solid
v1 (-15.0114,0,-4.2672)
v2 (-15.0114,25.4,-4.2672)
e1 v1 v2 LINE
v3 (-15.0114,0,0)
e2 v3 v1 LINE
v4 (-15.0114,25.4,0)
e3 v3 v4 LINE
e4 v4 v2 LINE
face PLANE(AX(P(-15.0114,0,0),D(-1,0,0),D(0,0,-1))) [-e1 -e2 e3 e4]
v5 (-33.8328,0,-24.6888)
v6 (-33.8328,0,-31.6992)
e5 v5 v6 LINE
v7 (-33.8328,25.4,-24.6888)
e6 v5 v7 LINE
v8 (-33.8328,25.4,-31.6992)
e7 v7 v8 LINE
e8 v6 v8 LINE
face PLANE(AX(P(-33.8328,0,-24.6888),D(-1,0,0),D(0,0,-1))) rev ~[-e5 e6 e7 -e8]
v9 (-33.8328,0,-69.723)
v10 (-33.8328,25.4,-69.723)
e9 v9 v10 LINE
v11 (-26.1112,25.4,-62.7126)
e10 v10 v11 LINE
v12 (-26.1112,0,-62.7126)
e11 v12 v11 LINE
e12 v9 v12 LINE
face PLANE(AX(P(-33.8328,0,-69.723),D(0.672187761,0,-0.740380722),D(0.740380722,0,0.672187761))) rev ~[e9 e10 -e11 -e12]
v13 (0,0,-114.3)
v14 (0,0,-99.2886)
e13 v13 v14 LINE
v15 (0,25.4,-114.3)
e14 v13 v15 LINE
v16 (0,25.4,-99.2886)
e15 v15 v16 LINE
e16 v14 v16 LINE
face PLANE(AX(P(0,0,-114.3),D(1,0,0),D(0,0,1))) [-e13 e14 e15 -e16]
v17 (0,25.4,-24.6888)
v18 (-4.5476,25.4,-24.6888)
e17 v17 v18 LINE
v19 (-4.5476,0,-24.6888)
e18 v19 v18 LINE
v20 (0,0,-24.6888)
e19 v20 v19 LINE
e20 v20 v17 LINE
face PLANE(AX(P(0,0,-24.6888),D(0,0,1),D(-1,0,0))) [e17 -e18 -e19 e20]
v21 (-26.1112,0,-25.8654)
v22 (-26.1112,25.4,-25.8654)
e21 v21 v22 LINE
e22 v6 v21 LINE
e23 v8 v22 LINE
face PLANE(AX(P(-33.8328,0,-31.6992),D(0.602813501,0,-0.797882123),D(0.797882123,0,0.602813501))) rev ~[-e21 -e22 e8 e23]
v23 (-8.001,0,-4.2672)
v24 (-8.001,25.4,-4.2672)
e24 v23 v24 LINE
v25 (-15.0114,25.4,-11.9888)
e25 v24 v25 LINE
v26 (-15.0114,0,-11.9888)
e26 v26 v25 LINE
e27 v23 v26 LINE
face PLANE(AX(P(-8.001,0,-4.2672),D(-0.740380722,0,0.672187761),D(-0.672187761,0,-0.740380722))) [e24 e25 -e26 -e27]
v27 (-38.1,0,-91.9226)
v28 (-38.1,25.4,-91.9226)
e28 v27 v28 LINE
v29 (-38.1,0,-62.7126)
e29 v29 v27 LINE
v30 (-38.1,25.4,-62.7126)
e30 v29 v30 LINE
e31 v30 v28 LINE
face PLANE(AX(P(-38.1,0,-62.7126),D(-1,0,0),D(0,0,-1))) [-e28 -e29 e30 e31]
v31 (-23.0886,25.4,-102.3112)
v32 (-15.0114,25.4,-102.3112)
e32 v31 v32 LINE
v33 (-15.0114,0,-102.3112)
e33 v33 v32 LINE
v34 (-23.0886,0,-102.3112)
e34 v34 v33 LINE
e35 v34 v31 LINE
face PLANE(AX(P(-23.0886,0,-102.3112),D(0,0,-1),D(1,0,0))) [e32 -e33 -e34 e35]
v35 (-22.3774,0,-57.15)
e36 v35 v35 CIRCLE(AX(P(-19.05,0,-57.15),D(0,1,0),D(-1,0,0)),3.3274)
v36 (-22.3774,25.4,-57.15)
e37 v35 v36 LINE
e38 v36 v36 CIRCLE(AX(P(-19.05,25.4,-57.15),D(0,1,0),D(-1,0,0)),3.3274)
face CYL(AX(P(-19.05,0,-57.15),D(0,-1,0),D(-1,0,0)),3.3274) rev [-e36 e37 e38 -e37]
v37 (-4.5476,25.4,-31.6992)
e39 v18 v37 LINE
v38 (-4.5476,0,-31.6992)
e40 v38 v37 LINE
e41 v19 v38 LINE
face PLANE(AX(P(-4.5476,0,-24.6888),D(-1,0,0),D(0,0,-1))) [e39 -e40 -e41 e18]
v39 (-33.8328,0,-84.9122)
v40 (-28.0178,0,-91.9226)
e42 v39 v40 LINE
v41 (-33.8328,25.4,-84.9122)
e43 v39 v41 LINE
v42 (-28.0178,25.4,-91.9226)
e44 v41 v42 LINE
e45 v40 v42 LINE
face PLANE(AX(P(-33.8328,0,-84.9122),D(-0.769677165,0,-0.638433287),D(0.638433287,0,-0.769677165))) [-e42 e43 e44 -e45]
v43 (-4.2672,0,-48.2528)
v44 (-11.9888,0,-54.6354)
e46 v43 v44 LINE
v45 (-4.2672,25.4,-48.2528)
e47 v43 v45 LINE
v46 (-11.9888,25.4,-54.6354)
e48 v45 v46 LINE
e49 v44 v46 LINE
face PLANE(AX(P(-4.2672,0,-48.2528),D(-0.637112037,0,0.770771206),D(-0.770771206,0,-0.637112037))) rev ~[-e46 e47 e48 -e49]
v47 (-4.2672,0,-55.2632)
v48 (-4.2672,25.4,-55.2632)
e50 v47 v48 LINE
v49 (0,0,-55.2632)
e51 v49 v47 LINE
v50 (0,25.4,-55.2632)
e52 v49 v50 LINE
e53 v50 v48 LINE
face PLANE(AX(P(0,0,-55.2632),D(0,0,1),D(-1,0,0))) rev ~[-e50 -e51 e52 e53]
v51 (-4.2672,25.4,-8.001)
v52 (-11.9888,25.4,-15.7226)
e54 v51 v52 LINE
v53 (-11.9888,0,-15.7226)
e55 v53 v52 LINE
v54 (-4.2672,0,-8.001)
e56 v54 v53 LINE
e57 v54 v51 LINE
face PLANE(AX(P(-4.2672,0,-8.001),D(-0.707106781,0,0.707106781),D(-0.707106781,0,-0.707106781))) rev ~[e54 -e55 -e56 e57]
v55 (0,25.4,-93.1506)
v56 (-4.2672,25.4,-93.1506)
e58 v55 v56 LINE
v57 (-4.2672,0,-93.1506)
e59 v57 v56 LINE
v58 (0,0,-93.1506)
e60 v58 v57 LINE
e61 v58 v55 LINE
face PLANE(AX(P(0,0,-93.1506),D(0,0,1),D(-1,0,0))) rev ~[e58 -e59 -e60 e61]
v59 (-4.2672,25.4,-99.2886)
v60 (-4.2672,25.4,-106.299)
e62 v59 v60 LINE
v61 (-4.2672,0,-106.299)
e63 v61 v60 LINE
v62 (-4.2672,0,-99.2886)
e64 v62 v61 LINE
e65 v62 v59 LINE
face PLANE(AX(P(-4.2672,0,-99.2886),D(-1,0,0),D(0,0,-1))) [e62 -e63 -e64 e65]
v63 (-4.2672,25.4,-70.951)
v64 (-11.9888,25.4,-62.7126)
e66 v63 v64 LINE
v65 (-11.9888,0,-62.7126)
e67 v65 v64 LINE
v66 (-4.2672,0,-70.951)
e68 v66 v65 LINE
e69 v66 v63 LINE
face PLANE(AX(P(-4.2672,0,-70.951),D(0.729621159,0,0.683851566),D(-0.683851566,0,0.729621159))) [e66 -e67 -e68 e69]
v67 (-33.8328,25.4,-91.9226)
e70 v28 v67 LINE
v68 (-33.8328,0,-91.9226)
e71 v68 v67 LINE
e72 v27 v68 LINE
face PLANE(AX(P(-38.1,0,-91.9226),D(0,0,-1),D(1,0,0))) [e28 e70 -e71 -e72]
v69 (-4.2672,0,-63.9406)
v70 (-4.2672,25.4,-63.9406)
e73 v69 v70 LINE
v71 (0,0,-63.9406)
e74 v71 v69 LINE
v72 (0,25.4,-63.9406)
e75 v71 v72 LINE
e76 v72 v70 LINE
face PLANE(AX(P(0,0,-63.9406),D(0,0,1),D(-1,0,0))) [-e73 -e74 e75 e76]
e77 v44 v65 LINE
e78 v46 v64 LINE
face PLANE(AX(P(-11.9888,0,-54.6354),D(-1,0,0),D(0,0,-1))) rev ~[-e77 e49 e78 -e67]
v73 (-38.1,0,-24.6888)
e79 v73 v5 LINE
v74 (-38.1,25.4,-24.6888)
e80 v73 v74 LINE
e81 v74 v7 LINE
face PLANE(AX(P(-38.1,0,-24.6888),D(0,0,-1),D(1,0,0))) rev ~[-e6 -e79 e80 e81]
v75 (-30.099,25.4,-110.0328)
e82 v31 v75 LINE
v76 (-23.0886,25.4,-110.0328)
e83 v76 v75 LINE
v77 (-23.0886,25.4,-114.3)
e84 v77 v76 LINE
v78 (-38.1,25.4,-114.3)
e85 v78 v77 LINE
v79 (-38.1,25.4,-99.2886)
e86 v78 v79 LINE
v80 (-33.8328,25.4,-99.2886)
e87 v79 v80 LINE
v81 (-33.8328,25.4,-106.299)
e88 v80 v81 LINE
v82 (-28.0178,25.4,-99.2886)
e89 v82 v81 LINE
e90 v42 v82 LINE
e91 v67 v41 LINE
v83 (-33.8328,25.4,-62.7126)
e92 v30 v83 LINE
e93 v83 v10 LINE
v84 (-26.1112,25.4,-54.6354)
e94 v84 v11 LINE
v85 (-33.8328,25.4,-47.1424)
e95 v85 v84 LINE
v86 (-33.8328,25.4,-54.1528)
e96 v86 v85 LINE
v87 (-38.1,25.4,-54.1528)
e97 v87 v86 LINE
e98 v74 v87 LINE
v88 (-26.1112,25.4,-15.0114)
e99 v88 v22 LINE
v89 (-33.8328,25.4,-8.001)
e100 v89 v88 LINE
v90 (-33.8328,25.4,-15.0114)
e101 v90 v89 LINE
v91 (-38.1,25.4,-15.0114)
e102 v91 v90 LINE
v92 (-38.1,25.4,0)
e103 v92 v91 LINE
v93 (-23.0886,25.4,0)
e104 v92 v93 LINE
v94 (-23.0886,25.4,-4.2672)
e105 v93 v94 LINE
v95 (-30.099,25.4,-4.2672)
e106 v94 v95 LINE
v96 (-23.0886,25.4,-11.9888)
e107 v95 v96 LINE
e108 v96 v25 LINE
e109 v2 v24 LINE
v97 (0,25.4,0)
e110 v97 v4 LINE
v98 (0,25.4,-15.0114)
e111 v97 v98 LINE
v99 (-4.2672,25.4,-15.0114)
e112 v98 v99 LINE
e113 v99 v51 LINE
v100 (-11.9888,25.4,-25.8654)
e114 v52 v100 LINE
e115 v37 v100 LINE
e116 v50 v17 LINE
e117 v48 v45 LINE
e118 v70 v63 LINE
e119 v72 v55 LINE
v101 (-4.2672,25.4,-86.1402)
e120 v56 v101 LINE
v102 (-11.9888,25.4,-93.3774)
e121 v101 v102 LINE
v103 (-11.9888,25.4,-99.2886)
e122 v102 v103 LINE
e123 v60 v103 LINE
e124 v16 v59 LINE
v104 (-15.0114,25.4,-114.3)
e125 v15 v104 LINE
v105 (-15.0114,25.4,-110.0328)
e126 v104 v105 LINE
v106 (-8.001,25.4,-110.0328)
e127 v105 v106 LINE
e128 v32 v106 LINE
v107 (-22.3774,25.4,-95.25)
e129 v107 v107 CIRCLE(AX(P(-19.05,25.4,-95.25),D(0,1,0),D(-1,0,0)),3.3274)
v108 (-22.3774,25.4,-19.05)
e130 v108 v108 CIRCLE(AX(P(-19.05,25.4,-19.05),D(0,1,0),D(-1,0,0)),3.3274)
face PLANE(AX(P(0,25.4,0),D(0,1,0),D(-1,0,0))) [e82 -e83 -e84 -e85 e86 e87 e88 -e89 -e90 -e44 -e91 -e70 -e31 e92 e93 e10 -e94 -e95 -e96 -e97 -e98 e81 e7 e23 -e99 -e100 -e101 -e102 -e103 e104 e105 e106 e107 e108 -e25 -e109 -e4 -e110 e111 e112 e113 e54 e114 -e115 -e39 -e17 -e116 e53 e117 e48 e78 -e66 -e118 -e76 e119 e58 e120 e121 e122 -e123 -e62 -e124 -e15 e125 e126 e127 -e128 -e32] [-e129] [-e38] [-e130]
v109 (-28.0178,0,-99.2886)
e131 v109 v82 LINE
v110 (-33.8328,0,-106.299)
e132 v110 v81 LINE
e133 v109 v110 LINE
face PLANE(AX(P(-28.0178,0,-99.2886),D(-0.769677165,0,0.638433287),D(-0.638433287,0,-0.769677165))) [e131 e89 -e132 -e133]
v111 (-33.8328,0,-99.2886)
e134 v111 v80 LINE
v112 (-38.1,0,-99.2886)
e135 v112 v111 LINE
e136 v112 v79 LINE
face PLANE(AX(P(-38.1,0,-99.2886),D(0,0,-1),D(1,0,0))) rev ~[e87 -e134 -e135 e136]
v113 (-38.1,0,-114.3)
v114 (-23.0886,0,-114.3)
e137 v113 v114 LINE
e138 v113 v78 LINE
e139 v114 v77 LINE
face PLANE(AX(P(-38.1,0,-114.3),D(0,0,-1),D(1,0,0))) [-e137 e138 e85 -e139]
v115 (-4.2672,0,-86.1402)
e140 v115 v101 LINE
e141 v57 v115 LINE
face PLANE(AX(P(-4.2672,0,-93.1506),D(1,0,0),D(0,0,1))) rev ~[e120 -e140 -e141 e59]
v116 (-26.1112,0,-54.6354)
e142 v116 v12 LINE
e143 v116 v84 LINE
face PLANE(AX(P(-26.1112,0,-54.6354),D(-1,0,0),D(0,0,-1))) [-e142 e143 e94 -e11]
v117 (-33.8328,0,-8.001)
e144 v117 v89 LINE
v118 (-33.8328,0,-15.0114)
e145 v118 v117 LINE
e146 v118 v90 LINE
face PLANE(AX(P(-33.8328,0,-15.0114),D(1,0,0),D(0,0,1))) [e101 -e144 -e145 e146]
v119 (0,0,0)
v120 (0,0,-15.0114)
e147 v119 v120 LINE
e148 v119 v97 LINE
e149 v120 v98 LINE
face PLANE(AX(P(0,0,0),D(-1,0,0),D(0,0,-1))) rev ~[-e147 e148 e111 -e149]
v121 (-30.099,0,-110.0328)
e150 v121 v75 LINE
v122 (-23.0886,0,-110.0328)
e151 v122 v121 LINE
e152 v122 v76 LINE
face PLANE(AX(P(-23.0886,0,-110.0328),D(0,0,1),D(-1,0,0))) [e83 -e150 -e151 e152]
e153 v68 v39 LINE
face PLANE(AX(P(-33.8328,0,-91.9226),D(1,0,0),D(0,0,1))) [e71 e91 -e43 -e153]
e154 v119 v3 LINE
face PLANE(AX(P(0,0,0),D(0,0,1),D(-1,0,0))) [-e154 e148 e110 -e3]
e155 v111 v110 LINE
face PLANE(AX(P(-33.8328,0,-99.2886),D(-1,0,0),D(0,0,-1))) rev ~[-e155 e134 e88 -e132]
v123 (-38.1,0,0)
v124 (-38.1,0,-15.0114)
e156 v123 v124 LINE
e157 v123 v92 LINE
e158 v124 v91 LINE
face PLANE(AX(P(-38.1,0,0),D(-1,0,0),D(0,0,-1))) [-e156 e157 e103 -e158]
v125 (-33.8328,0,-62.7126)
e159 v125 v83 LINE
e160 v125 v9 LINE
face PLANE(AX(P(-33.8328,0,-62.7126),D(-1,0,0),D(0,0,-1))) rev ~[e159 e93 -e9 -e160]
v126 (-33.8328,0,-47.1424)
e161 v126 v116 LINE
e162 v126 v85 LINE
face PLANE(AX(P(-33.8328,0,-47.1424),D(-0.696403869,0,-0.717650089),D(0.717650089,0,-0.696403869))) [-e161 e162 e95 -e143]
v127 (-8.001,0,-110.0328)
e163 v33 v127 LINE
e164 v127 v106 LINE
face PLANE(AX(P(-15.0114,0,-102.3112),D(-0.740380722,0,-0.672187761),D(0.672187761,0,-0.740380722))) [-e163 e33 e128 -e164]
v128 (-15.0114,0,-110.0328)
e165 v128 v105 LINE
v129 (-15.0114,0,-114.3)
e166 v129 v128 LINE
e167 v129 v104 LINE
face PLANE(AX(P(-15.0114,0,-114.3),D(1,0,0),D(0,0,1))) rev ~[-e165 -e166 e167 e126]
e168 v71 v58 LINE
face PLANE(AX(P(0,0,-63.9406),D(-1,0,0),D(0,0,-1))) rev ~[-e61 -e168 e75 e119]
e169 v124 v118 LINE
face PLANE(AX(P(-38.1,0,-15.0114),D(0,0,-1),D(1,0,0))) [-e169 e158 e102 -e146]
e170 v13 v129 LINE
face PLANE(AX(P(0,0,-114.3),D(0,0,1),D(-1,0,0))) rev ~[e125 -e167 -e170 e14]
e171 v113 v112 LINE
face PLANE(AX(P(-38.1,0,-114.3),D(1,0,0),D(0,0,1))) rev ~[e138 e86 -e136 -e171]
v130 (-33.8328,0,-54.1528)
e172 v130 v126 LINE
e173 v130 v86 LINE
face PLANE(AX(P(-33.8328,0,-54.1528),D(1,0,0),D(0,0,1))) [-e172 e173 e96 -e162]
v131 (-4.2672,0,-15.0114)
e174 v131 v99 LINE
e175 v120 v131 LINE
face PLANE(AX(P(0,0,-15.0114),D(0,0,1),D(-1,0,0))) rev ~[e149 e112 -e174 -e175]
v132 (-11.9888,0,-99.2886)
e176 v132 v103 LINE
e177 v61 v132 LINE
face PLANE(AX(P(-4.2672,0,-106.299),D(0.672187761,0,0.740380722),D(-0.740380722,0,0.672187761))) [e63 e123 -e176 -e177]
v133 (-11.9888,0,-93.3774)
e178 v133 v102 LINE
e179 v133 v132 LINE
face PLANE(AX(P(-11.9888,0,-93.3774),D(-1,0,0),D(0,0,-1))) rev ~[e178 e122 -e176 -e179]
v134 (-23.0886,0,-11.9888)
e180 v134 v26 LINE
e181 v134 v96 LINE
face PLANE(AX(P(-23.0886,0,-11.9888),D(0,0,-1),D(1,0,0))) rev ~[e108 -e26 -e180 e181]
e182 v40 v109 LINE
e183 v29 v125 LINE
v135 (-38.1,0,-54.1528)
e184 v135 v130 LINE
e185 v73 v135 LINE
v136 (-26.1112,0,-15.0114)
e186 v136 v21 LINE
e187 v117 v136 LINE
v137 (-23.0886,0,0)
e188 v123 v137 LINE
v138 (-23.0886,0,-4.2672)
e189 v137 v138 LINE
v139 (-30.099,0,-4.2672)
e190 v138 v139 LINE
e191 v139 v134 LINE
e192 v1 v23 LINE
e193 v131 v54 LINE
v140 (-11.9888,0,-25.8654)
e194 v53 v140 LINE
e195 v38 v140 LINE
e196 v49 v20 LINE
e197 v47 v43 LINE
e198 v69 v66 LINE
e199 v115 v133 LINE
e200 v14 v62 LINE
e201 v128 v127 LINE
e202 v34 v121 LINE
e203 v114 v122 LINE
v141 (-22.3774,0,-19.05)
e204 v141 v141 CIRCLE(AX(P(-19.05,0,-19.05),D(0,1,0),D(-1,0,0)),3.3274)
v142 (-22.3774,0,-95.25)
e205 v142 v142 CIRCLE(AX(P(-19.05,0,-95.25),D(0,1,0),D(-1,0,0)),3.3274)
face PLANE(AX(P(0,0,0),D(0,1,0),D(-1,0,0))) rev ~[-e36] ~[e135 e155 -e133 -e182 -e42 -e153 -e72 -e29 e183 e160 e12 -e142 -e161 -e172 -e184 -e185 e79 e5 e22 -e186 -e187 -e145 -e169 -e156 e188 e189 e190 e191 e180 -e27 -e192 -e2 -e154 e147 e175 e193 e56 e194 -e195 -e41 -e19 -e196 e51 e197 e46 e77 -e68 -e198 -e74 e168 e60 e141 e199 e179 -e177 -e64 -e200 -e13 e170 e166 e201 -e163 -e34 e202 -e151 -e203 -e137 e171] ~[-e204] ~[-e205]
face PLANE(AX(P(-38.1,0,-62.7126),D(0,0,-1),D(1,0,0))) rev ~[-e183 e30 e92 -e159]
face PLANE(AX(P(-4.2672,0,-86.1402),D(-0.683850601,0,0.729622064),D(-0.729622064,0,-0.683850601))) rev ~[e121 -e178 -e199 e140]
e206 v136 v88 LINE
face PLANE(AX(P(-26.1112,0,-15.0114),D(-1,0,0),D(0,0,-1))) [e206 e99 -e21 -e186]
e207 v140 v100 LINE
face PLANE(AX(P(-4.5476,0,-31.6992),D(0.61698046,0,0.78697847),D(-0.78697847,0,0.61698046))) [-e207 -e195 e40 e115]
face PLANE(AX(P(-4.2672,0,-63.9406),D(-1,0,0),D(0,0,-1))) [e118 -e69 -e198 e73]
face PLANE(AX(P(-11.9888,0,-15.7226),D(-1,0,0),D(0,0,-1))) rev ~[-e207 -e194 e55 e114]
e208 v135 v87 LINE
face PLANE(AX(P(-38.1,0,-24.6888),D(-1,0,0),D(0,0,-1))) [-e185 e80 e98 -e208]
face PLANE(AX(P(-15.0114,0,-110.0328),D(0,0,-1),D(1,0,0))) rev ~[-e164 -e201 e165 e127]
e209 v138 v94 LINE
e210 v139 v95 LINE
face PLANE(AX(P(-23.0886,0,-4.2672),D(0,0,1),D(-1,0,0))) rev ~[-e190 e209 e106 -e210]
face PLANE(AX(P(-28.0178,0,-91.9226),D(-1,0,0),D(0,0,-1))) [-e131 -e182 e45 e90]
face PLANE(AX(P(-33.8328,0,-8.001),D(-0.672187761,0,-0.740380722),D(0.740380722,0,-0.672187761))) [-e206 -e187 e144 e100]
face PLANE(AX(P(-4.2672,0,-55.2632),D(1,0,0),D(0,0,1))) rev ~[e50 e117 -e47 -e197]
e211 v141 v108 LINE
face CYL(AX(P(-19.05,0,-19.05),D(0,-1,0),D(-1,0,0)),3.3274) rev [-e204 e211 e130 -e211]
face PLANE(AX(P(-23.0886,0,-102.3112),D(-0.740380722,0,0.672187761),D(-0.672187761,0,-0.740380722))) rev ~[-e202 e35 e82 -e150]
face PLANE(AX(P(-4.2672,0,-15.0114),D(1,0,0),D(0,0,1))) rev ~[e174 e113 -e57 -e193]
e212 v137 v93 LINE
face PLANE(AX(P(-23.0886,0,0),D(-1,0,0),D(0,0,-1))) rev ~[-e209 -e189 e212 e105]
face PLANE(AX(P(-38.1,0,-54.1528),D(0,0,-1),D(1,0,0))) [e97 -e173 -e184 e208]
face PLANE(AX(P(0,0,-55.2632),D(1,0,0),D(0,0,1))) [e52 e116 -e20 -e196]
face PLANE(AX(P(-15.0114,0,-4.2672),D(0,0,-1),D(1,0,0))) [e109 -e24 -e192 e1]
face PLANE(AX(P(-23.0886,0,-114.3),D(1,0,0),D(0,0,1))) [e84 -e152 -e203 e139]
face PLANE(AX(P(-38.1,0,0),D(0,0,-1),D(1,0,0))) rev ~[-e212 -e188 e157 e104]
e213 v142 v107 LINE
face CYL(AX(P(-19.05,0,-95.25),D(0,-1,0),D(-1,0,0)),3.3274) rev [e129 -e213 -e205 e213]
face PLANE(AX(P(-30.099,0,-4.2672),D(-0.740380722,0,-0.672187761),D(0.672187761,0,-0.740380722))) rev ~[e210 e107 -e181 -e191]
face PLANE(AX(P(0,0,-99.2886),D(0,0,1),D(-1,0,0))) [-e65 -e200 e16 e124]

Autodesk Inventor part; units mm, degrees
ref_plane "YZ Plane" through (0, 0, 0) normal (1, 0, 0) x (0, 1, 0)
ref_plane "XZ Plane" through (0, 0, 0) normal (0, 1, 0) x (-1, 0, 0)
ref_plane "XY Plane" through (0, 0, 0) normal (0, 0, 1) x (1, 0, 0)
sketch "Sketch1" plane through (0, 0, 0) normal (0, 1, 0) x (-1, 0, 0)
  circle A0 centre (19.05, -19.05) radius 3.3274
  circle A1 centre (19.05, -57.15) radius 3.3274
  circle A2 centre (19.05, -95.25) radius 3.3274
  line L0 (0, 0) -> (15.0114, 0)
  line L1 (15.0114, 0) -> (15.0114, -4.2672)
  line L2 (15.0114, -4.2672) -> (8.001, -4.2672)
  line L3 (38.1, 0) -> (23.0886, 0)
  line L4 (23.0886, 0) -> (23.0886, -4.2672)
  line L5 (23.0886, -4.2672) -> (30.099, -4.2672)
  line L6 (8.001, -4.2672) -> (15.0114, -11.9888)
  line L7 (30.099, -4.2672) -> (23.0886, -11.9888)
  line L8 (23.0886, -11.9888) -> (15.0114, -11.9888)
  line L9 (38.1, 0) -> (38.1, -15.0114)
  line L10 (38.1, -15.0114) -> (33.8328, -15.0114)
  line L11 (33.8328, -15.0114) -> (33.8328, -8.001)
  line L12 (26.1112, -15.0114) -> (26.1112, -25.8654)
  line L13 (33.8328, -8.001) -> (26.1112, -15.0114)
  line L14 (38.1, -24.6888) -> (33.8328, -24.6888)
  line L15 (33.8328, -24.6888) -> (33.8328, -31.6992)
  line L16 (33.8328, -31.6992) -> (26.1112, -25.8654)
  line L17 (38.1, -114.3) -> (38.1, -99.2886)
  line L18 (38.1, -99.2886) -> (33.8328, -99.2886)
  line L19 (33.8328, -99.2886) -> (33.8328, -106.299)
  line L20 (38.1, -114.3) -> (23.0886, -114.3)
  line L21 (23.0886, -114.3) -> (23.0886, -110.0328)
  line L22 (23.0886, -110.0328) -> (30.099, -110.0328)
  line L23 (0, -114.3) -> (15.0114, -114.3)
  line L24 (15.0114, -114.3) -> (15.0114, -110.0328)
  line L25 (15.0114, -110.0328) -> (8.001, -110.0328)
  line L26 (23.0886, -102.3112) -> (15.0114, -102.3112)
  line L27 (23.0886, -102.3112) -> (30.099, -110.0328)
  line L28 (15.0114, -102.3112) -> (8.001, -110.0328)
  line L29 (38.1, -24.6888) -> (38.1, -54.1528)
  line L30 (38.1, -54.1528) -> (33.8328, -54.1528)
  line L31 (33.8328, -54.1528) -> (33.8328, -47.1424)
  line L32 (26.1112, -54.6354) -> (26.1112, -62.7126)
  line L33 (33.8328, -47.1424) -> (26.1112, -54.6354)
  line L34 (38.1, -62.7126) -> (33.8328, -62.7126)
  line L35 (33.8328, -62.7126) -> (33.8328, -69.723)
  line L36 (33.8328, -69.723) -> (26.1112, -62.7126)
  line L37 (38.1, -91.9226) -> (33.8328, -91.9226)
  line L38 (33.8328, -91.9226) -> (33.8328, -84.9122)
  line L39 (38.1, -62.7126) -> (38.1, -91.9226)
  line L40 (28.0178, -91.9226) -> (28.0178, -99.2886)
  line L41 (28.0178, -99.2886) -> (33.8328, -106.299)
  line L42 (33.8328, -84.9122) -> (28.0178, -91.9226)
  line L43 (11.9888, -54.6354) -> (11.9888, -62.7126)
  line L44 (11.9888, -93.3774) -> (11.9888, -99.2886)
  line L45 (0, 0) -> (0, -15.0114)
  line L46 (0, -15.0114) -> (4.2672, -15.0114)
  line L47 (4.2672, -15.0114) -> (4.2672, -8.001)
  line L48 (11.9888, -15.7226) -> (11.9888, -25.8654)
  line L49 (4.2672, -8.001) -> (11.9888, -15.7226)
  line L50 (0, -114.3) -> (0, -99.2886)
  line L51 (0, -99.2886) -> (4.2672, -99.2886)
  line L52 (4.2672, -99.2886) -> (4.2672, -106.299)
  line L53 (4.2672, -106.299) -> (11.9888, -99.2886)
  line L54 (0, -63.9406) -> (0, -93.1506)
  line L55 (0, -93.1506) -> (4.2672, -93.1506)
  line L56 (4.2672, -93.1506) -> (4.2672, -86.1402)
  line L57 (4.2672, -86.1402) -> (11.9888, -93.3774)
  line L58 (0, -63.9406) -> (4.2672, -63.9406)
  line L59 (4.2672, -63.9406) -> (4.2672, -70.951)
  line L60 (4.2672, -70.951) -> (11.9888, -62.7126)
  line L61 (0, -55.2632) -> (0, -24.6888)
  line L62 (0, -24.6888) -> (4.5476, -24.6888)
  line L63 (4.5476, -24.6888) -> (4.5476, -31.6992)
  line L64 (4.5476, -31.6992) -> (11.9888, -25.8654)
  line L65 (0, -55.2632) -> (4.2672, -55.2632)
  line L66 (4.2672, -55.2632) -> (4.2672, -48.2528)
  line L67 (4.2672, -48.2528) -> (11.9888, -54.6354)
  dimension "d0" = 38.1
  dimension "d1" = 114.3
  dimension "d2" = 6.6548
  dimension "d3" = 6.6548
  dimension "d4" = 6.6548
  dimension "d11" = 15.0114
  dimension "d12" = 4.2672
  dimension "d14" = 15.0114
  dimension "d15" = 7.0104
  dimension "d19" = 15.0114
  dimension "d20" = 4.2672
  dimension "d21" = 7.0104
  dimension "d22" = 11.9888
  dimension "d23" = 4.2672
  dimension "d24" = 7.0104
  dimension "d25" = 9.6774
  dimension "d26" = 15.0114
  dimension "d27" = 7.0104
  dimension "d28" = 15.0114
  dimension "d29" = 4.2672
  dimension "d30" = 7.0104
  dimension "d31" = 15.0114
  dimension "d32" = 7.0104
  dimension "d33" = 11.9888
  dimension "d34" = 29.464
  dimension "d35" = 7.0104
  dimension "d36" = 8.0772
  dimension "d37" = 11.9888
  dimension "d38" = 7.0104
  dimension "d39" = 7.0104
  dimension "d40" = 15.0114
  dimension "d41" = 4.2672
  dimension "d42" = 7.0104
  dimension "d43" = 11.9888
  dimension "d44" = 11.9888
  dimension "d45" = 11.9888
  dimension "d46" = 15.0114
  dimension "d47" = 4.2672
  dimension "d48" = 7.0104
  dimension "d49" = 7.0104
  dimension "d50" = 4.2672
  dimension "d51" = 7.0104
  dimension "d52" = 29.21
  dimension "d53" = 29.21
  dimension "d54" = 7.0104
  dimension "d55" = 4.2672
  dimension "d56" = 7.0104
extrude "Extrusion1" add sketch "Sketch1" along normal blind 25.4
properties part number "1545rail_1inch"
